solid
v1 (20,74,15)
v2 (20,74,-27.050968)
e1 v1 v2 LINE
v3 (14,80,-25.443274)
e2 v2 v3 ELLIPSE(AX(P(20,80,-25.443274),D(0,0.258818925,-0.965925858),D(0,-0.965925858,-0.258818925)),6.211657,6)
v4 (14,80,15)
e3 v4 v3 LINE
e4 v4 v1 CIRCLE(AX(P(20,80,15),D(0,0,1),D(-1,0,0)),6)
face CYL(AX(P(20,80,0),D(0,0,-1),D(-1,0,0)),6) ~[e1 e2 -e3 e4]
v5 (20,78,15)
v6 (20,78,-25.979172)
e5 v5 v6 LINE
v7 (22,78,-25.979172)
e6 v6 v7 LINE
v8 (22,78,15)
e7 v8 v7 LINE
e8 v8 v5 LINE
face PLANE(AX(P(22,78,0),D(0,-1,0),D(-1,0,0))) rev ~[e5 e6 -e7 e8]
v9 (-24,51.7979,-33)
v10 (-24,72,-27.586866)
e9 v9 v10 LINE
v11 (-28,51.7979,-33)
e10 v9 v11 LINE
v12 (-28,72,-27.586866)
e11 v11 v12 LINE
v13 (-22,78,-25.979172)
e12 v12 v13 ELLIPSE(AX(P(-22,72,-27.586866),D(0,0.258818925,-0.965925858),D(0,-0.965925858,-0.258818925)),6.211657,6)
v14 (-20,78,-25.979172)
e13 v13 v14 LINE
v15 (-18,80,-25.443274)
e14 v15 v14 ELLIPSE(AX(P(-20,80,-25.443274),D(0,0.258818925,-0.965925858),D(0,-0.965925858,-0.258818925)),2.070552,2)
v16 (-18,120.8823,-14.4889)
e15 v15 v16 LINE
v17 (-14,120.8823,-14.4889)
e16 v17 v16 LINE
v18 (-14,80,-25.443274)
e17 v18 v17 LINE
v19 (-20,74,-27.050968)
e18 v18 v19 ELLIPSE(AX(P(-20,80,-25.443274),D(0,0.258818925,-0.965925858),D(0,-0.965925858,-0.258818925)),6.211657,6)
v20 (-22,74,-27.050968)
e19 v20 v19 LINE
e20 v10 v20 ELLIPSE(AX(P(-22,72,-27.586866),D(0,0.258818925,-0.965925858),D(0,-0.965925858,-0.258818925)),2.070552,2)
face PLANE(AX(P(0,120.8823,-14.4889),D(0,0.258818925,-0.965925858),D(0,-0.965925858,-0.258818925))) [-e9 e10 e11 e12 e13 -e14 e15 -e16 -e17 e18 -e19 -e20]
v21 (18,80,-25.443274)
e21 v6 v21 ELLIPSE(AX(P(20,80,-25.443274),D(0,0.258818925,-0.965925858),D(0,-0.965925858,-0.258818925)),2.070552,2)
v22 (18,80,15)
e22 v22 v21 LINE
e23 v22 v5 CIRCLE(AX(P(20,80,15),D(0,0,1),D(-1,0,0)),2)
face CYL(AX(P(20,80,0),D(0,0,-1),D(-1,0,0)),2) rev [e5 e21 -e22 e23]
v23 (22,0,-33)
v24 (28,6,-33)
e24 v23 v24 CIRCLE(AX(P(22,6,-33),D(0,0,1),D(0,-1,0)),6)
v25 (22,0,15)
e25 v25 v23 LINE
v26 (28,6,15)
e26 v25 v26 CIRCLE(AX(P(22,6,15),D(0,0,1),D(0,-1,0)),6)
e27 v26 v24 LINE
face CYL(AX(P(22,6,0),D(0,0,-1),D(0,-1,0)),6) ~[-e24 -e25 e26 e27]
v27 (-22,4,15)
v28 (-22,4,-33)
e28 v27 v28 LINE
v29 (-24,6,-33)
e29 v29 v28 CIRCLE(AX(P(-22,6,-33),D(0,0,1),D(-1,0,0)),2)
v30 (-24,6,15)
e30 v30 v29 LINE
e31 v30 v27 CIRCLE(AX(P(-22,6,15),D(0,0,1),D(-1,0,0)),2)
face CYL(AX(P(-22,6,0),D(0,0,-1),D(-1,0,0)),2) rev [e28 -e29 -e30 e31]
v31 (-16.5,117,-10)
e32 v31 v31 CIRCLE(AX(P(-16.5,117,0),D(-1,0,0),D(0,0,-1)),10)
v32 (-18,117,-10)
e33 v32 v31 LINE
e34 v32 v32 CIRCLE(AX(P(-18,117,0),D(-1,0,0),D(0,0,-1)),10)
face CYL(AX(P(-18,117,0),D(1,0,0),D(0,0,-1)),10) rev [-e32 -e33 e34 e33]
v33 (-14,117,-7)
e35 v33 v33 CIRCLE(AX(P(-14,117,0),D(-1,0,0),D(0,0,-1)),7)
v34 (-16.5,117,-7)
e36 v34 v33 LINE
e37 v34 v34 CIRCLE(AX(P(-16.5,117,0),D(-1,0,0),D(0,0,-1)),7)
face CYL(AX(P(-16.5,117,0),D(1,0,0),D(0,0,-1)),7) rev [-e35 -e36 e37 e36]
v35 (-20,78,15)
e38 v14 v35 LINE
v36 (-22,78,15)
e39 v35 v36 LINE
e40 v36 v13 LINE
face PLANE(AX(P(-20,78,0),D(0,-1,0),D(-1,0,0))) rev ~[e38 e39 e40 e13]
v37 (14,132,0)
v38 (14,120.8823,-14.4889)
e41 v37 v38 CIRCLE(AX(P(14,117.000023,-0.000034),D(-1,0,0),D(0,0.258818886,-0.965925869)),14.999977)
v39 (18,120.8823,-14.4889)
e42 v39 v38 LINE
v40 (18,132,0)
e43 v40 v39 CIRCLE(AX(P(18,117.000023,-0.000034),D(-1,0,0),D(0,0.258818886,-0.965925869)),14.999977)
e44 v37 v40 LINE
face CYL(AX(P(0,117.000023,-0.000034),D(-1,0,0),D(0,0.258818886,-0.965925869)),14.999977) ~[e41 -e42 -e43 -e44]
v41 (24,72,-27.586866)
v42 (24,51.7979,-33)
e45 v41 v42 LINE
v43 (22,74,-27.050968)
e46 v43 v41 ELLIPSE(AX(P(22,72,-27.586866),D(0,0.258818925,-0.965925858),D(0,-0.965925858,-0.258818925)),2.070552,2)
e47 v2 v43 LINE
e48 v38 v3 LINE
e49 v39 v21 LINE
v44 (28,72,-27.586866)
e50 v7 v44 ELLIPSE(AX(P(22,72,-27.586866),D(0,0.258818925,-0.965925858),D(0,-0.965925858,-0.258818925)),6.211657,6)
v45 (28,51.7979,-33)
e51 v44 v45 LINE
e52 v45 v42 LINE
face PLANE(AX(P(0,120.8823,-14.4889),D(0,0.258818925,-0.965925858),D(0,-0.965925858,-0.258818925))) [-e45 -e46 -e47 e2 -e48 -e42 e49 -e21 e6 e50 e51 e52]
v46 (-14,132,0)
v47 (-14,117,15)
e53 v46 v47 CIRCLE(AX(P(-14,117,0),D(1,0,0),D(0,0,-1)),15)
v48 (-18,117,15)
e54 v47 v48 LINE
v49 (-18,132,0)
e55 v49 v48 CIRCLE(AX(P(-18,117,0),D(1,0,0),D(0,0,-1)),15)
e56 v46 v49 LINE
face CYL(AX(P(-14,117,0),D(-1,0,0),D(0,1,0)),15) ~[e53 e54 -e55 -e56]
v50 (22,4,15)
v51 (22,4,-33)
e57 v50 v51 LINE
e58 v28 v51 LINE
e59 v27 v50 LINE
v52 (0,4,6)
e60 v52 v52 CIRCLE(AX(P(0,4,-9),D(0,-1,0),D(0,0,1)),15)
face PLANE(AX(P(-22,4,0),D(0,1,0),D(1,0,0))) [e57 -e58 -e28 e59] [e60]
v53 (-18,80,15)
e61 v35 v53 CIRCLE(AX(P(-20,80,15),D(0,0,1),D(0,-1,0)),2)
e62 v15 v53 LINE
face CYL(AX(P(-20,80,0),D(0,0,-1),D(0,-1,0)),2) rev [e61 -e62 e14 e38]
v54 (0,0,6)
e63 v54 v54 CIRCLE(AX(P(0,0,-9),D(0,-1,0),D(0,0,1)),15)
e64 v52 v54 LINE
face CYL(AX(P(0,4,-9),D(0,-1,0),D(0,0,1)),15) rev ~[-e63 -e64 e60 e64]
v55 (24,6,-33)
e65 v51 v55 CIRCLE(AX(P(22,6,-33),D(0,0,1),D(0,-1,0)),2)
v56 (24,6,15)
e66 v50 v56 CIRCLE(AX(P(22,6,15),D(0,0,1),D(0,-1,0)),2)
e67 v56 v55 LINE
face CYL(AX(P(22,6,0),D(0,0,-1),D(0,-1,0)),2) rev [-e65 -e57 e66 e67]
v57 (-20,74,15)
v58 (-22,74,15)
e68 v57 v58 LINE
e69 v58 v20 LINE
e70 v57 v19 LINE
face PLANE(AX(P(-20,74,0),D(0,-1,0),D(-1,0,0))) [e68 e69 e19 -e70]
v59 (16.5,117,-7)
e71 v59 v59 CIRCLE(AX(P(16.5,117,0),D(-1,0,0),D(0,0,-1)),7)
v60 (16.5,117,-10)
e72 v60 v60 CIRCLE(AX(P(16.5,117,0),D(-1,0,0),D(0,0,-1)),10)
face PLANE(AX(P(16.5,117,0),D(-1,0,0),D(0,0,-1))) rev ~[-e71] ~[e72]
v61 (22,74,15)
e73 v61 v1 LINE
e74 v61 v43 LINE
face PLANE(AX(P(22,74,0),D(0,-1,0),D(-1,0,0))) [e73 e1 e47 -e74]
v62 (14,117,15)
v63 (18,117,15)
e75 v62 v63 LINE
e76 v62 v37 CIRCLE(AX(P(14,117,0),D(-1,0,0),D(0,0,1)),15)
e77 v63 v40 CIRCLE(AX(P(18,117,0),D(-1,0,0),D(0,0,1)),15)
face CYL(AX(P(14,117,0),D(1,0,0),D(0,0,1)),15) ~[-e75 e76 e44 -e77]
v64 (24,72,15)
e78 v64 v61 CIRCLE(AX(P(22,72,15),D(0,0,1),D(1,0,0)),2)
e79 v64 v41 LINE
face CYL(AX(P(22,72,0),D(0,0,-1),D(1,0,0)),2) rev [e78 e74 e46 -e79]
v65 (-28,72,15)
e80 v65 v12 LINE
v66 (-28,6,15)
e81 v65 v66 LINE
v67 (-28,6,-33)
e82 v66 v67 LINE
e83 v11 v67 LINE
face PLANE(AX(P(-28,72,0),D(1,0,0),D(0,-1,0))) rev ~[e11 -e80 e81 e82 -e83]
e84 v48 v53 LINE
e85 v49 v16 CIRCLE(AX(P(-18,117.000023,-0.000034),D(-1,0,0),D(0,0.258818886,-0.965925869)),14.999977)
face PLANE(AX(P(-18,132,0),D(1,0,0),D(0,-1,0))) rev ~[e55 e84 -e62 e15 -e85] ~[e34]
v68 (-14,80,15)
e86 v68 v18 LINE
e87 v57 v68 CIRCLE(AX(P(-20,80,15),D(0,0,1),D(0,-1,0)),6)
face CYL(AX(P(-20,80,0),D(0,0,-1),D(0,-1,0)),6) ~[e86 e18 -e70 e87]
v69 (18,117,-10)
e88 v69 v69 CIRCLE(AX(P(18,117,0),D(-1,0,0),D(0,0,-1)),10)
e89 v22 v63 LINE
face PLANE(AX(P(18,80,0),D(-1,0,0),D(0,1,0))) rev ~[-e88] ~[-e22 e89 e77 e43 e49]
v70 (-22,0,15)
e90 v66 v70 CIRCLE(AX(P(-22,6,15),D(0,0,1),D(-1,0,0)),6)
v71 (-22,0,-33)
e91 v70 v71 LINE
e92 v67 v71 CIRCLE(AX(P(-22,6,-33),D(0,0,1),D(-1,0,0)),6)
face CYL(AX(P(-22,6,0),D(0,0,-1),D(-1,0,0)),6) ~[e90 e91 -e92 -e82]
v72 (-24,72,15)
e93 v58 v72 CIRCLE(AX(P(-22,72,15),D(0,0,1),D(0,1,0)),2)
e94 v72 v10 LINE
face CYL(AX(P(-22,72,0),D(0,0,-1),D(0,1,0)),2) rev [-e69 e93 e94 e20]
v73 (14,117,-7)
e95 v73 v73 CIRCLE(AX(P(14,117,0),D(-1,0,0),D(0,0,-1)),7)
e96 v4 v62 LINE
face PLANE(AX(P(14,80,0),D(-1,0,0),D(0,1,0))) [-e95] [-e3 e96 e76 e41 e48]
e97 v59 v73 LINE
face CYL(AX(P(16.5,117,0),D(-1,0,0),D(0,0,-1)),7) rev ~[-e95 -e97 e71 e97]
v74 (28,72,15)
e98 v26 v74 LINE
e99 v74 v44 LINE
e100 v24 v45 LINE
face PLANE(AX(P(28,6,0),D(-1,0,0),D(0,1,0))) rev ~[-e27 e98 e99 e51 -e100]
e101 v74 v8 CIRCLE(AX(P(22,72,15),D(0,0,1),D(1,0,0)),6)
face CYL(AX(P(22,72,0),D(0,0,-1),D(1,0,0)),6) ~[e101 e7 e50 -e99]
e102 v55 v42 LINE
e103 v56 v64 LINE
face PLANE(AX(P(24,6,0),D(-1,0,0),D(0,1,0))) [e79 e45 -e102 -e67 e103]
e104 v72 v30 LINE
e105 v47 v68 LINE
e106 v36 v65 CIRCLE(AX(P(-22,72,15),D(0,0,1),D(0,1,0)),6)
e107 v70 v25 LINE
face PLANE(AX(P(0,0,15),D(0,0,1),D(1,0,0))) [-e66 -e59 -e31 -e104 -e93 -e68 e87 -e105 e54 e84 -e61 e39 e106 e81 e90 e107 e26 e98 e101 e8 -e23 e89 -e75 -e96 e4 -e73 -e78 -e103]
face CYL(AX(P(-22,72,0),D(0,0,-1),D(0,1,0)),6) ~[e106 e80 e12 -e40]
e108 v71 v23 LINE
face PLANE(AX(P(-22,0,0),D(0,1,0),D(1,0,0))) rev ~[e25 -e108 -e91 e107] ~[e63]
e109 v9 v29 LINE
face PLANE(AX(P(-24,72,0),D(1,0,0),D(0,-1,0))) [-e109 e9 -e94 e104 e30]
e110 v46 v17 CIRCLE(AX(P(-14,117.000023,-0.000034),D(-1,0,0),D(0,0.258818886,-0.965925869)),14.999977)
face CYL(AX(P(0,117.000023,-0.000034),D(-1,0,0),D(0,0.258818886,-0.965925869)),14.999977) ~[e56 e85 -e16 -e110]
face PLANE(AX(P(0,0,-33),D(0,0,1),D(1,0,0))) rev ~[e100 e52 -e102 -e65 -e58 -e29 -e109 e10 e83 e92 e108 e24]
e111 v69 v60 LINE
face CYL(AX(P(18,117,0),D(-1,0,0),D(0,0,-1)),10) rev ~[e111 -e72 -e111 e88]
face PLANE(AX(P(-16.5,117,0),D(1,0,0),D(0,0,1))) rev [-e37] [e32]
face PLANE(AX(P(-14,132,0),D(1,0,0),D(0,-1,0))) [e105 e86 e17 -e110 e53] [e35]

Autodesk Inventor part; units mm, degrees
ref_plane "YZ Plane" through (0, 0, 0) normal (1, 0, 0) x (0, 1, 0)
ref_plane "XZ Plane" through (0, 0, 0) normal (0, 1, 0) x (-1, 0, 0)
ref_plane "XY Plane" through (0, 0, 0) normal (0, 0, 1) x (1, 0, 0)
sketch "Sketch1" plane through (0, 0, 0) normal (0, 0, 1) x (1, 0, 0)
  line L0 (-18, 132) -> (-18, 80)
  line L1 (-20, 78) -> (-22, 78)
  line L2 (-28, 72) -> (-28, 6)
  line L3 (-22, 0) -> (22, 0)
  line L4 (28, 6) -> (28, 72)
  line L5 (22, 78) -> (20, 78)
  line L6 (18, 80) -> (18, 132)
  arc A0 (-28, 6) -> (-22, 0) centre (-22, 6) ccw
  arc A1 (-22, 78) -> (-28, 72) centre (-22, 72) ccw
  arc A2 (28, 72) -> (22, 78) centre (22, 72) ccw
  arc A3 (22, 0) -> (28, 6) centre (22, 6) ccw
  arc A4 (-20, 78) -> (-18, 80) centre (-20, 80) ccw
  arc A5 (18, 80) -> (20, 78) centre (20, 80) ccw
  line L7 (-14, 132) -> (-14, 80)
  arc A6 (-20, 74) -> (-14, 80) centre (-20, 80) ccw
  line L8 (-20, 74) -> (-22, 74)
  arc A7 (-22, 74) -> (-24, 72) centre (-22, 72) ccw
  line L9 (-24, 72) -> (-24, 6)
  arc A8 (-24, 6) -> (-22, 4) centre (-22, 6) ccw
  line L10 (-22, 4) -> (22, 4)
  arc A9 (22, 4) -> (24, 6) centre (22, 6) ccw
  line L11 (24, 6) -> (24, 72)
  arc A10 (24, 72) -> (22, 74) centre (22, 72) ccw
  line L12 (22, 74) -> (20, 74)
  arc A11 (14, 80) -> (20, 74) centre (20, 80) ccw
  line L13 (14, 80) -> (14, 132)
  line L14 (14, 132) -> (18, 132)
  line L15 (-14, 132) -> (-18, 132)
  point P0 (0, 0)
  point P1 (0, 0)
  dimension "d0" = 132
  dimension "d1" = 6
  dimension "d2" = 2
  dimension "d3" = 56
  dimension "d4" = 36
  dimension "d5" = 4
  dimension "d6" = 78
extrude "Extrusion1" add sketch "Sketch1" along normal blind 15 and the other way blind 33
fillet "Fillet1" radius 15 2 edges at (-16, 132, 15) (16, 132, 15)
sketch "Sketch3" plane through (0, 0, 0) normal (1, 0, 0) x (0, 1, 0)
  arc A0 (132, 0) -> (117, 15) centre (117, 0) ccw projected
  line L0 (72, -33) -> (6, -33) projected
  arc A1 (120.8823, -14.4889) -> (132, 0) centre (117, 0) ccw
  line L1 (120.8823, -14.4889) -> (51.7979, -33)
  line L2 (6, 15) -> (72, 15) projected
  line L3 (51.7979, -33) -> (132, -33)
  line L4 (132, -33) -> (132, 0) projected
  point P0 (0, 0)
  dimension "d12" = 15
extrude "Extrusion2" cut sketch "Sketch3" along normal through all both and the other way through all
sketch "Sketch4" plane through (18, 80, 15) normal (1, 0, 0) x (0, 0, -1)
  arc A0 (29.4889, 40.8823) -> (0, 37) centre (15, 37) ccw projected
  point P0 (15, -80)
hole "Hole1" at (18, 117, 0) direction (-1, 0, 0) diameter 14 depth 4 counterbore diameter 20 counterbore depth 1.5
mirror "Mirror1" about plane through (0, 0, 0) normal (1, 0, 0) of "Hole1"
sketch "Sketch5" plane through (-22, 4, 15) normal (0, 1, 0) x (1, 0, 0)
  line L0 (44, 48) -> (0, 0)
  point P0 (22, 15)
  point P1 (22, 24)
hole "Hole2" at (0, 4, -9) direction (0, -1, 0) diameter 30 end through all
properties part number "Part021. High fork" material "Steel, Carbon"
